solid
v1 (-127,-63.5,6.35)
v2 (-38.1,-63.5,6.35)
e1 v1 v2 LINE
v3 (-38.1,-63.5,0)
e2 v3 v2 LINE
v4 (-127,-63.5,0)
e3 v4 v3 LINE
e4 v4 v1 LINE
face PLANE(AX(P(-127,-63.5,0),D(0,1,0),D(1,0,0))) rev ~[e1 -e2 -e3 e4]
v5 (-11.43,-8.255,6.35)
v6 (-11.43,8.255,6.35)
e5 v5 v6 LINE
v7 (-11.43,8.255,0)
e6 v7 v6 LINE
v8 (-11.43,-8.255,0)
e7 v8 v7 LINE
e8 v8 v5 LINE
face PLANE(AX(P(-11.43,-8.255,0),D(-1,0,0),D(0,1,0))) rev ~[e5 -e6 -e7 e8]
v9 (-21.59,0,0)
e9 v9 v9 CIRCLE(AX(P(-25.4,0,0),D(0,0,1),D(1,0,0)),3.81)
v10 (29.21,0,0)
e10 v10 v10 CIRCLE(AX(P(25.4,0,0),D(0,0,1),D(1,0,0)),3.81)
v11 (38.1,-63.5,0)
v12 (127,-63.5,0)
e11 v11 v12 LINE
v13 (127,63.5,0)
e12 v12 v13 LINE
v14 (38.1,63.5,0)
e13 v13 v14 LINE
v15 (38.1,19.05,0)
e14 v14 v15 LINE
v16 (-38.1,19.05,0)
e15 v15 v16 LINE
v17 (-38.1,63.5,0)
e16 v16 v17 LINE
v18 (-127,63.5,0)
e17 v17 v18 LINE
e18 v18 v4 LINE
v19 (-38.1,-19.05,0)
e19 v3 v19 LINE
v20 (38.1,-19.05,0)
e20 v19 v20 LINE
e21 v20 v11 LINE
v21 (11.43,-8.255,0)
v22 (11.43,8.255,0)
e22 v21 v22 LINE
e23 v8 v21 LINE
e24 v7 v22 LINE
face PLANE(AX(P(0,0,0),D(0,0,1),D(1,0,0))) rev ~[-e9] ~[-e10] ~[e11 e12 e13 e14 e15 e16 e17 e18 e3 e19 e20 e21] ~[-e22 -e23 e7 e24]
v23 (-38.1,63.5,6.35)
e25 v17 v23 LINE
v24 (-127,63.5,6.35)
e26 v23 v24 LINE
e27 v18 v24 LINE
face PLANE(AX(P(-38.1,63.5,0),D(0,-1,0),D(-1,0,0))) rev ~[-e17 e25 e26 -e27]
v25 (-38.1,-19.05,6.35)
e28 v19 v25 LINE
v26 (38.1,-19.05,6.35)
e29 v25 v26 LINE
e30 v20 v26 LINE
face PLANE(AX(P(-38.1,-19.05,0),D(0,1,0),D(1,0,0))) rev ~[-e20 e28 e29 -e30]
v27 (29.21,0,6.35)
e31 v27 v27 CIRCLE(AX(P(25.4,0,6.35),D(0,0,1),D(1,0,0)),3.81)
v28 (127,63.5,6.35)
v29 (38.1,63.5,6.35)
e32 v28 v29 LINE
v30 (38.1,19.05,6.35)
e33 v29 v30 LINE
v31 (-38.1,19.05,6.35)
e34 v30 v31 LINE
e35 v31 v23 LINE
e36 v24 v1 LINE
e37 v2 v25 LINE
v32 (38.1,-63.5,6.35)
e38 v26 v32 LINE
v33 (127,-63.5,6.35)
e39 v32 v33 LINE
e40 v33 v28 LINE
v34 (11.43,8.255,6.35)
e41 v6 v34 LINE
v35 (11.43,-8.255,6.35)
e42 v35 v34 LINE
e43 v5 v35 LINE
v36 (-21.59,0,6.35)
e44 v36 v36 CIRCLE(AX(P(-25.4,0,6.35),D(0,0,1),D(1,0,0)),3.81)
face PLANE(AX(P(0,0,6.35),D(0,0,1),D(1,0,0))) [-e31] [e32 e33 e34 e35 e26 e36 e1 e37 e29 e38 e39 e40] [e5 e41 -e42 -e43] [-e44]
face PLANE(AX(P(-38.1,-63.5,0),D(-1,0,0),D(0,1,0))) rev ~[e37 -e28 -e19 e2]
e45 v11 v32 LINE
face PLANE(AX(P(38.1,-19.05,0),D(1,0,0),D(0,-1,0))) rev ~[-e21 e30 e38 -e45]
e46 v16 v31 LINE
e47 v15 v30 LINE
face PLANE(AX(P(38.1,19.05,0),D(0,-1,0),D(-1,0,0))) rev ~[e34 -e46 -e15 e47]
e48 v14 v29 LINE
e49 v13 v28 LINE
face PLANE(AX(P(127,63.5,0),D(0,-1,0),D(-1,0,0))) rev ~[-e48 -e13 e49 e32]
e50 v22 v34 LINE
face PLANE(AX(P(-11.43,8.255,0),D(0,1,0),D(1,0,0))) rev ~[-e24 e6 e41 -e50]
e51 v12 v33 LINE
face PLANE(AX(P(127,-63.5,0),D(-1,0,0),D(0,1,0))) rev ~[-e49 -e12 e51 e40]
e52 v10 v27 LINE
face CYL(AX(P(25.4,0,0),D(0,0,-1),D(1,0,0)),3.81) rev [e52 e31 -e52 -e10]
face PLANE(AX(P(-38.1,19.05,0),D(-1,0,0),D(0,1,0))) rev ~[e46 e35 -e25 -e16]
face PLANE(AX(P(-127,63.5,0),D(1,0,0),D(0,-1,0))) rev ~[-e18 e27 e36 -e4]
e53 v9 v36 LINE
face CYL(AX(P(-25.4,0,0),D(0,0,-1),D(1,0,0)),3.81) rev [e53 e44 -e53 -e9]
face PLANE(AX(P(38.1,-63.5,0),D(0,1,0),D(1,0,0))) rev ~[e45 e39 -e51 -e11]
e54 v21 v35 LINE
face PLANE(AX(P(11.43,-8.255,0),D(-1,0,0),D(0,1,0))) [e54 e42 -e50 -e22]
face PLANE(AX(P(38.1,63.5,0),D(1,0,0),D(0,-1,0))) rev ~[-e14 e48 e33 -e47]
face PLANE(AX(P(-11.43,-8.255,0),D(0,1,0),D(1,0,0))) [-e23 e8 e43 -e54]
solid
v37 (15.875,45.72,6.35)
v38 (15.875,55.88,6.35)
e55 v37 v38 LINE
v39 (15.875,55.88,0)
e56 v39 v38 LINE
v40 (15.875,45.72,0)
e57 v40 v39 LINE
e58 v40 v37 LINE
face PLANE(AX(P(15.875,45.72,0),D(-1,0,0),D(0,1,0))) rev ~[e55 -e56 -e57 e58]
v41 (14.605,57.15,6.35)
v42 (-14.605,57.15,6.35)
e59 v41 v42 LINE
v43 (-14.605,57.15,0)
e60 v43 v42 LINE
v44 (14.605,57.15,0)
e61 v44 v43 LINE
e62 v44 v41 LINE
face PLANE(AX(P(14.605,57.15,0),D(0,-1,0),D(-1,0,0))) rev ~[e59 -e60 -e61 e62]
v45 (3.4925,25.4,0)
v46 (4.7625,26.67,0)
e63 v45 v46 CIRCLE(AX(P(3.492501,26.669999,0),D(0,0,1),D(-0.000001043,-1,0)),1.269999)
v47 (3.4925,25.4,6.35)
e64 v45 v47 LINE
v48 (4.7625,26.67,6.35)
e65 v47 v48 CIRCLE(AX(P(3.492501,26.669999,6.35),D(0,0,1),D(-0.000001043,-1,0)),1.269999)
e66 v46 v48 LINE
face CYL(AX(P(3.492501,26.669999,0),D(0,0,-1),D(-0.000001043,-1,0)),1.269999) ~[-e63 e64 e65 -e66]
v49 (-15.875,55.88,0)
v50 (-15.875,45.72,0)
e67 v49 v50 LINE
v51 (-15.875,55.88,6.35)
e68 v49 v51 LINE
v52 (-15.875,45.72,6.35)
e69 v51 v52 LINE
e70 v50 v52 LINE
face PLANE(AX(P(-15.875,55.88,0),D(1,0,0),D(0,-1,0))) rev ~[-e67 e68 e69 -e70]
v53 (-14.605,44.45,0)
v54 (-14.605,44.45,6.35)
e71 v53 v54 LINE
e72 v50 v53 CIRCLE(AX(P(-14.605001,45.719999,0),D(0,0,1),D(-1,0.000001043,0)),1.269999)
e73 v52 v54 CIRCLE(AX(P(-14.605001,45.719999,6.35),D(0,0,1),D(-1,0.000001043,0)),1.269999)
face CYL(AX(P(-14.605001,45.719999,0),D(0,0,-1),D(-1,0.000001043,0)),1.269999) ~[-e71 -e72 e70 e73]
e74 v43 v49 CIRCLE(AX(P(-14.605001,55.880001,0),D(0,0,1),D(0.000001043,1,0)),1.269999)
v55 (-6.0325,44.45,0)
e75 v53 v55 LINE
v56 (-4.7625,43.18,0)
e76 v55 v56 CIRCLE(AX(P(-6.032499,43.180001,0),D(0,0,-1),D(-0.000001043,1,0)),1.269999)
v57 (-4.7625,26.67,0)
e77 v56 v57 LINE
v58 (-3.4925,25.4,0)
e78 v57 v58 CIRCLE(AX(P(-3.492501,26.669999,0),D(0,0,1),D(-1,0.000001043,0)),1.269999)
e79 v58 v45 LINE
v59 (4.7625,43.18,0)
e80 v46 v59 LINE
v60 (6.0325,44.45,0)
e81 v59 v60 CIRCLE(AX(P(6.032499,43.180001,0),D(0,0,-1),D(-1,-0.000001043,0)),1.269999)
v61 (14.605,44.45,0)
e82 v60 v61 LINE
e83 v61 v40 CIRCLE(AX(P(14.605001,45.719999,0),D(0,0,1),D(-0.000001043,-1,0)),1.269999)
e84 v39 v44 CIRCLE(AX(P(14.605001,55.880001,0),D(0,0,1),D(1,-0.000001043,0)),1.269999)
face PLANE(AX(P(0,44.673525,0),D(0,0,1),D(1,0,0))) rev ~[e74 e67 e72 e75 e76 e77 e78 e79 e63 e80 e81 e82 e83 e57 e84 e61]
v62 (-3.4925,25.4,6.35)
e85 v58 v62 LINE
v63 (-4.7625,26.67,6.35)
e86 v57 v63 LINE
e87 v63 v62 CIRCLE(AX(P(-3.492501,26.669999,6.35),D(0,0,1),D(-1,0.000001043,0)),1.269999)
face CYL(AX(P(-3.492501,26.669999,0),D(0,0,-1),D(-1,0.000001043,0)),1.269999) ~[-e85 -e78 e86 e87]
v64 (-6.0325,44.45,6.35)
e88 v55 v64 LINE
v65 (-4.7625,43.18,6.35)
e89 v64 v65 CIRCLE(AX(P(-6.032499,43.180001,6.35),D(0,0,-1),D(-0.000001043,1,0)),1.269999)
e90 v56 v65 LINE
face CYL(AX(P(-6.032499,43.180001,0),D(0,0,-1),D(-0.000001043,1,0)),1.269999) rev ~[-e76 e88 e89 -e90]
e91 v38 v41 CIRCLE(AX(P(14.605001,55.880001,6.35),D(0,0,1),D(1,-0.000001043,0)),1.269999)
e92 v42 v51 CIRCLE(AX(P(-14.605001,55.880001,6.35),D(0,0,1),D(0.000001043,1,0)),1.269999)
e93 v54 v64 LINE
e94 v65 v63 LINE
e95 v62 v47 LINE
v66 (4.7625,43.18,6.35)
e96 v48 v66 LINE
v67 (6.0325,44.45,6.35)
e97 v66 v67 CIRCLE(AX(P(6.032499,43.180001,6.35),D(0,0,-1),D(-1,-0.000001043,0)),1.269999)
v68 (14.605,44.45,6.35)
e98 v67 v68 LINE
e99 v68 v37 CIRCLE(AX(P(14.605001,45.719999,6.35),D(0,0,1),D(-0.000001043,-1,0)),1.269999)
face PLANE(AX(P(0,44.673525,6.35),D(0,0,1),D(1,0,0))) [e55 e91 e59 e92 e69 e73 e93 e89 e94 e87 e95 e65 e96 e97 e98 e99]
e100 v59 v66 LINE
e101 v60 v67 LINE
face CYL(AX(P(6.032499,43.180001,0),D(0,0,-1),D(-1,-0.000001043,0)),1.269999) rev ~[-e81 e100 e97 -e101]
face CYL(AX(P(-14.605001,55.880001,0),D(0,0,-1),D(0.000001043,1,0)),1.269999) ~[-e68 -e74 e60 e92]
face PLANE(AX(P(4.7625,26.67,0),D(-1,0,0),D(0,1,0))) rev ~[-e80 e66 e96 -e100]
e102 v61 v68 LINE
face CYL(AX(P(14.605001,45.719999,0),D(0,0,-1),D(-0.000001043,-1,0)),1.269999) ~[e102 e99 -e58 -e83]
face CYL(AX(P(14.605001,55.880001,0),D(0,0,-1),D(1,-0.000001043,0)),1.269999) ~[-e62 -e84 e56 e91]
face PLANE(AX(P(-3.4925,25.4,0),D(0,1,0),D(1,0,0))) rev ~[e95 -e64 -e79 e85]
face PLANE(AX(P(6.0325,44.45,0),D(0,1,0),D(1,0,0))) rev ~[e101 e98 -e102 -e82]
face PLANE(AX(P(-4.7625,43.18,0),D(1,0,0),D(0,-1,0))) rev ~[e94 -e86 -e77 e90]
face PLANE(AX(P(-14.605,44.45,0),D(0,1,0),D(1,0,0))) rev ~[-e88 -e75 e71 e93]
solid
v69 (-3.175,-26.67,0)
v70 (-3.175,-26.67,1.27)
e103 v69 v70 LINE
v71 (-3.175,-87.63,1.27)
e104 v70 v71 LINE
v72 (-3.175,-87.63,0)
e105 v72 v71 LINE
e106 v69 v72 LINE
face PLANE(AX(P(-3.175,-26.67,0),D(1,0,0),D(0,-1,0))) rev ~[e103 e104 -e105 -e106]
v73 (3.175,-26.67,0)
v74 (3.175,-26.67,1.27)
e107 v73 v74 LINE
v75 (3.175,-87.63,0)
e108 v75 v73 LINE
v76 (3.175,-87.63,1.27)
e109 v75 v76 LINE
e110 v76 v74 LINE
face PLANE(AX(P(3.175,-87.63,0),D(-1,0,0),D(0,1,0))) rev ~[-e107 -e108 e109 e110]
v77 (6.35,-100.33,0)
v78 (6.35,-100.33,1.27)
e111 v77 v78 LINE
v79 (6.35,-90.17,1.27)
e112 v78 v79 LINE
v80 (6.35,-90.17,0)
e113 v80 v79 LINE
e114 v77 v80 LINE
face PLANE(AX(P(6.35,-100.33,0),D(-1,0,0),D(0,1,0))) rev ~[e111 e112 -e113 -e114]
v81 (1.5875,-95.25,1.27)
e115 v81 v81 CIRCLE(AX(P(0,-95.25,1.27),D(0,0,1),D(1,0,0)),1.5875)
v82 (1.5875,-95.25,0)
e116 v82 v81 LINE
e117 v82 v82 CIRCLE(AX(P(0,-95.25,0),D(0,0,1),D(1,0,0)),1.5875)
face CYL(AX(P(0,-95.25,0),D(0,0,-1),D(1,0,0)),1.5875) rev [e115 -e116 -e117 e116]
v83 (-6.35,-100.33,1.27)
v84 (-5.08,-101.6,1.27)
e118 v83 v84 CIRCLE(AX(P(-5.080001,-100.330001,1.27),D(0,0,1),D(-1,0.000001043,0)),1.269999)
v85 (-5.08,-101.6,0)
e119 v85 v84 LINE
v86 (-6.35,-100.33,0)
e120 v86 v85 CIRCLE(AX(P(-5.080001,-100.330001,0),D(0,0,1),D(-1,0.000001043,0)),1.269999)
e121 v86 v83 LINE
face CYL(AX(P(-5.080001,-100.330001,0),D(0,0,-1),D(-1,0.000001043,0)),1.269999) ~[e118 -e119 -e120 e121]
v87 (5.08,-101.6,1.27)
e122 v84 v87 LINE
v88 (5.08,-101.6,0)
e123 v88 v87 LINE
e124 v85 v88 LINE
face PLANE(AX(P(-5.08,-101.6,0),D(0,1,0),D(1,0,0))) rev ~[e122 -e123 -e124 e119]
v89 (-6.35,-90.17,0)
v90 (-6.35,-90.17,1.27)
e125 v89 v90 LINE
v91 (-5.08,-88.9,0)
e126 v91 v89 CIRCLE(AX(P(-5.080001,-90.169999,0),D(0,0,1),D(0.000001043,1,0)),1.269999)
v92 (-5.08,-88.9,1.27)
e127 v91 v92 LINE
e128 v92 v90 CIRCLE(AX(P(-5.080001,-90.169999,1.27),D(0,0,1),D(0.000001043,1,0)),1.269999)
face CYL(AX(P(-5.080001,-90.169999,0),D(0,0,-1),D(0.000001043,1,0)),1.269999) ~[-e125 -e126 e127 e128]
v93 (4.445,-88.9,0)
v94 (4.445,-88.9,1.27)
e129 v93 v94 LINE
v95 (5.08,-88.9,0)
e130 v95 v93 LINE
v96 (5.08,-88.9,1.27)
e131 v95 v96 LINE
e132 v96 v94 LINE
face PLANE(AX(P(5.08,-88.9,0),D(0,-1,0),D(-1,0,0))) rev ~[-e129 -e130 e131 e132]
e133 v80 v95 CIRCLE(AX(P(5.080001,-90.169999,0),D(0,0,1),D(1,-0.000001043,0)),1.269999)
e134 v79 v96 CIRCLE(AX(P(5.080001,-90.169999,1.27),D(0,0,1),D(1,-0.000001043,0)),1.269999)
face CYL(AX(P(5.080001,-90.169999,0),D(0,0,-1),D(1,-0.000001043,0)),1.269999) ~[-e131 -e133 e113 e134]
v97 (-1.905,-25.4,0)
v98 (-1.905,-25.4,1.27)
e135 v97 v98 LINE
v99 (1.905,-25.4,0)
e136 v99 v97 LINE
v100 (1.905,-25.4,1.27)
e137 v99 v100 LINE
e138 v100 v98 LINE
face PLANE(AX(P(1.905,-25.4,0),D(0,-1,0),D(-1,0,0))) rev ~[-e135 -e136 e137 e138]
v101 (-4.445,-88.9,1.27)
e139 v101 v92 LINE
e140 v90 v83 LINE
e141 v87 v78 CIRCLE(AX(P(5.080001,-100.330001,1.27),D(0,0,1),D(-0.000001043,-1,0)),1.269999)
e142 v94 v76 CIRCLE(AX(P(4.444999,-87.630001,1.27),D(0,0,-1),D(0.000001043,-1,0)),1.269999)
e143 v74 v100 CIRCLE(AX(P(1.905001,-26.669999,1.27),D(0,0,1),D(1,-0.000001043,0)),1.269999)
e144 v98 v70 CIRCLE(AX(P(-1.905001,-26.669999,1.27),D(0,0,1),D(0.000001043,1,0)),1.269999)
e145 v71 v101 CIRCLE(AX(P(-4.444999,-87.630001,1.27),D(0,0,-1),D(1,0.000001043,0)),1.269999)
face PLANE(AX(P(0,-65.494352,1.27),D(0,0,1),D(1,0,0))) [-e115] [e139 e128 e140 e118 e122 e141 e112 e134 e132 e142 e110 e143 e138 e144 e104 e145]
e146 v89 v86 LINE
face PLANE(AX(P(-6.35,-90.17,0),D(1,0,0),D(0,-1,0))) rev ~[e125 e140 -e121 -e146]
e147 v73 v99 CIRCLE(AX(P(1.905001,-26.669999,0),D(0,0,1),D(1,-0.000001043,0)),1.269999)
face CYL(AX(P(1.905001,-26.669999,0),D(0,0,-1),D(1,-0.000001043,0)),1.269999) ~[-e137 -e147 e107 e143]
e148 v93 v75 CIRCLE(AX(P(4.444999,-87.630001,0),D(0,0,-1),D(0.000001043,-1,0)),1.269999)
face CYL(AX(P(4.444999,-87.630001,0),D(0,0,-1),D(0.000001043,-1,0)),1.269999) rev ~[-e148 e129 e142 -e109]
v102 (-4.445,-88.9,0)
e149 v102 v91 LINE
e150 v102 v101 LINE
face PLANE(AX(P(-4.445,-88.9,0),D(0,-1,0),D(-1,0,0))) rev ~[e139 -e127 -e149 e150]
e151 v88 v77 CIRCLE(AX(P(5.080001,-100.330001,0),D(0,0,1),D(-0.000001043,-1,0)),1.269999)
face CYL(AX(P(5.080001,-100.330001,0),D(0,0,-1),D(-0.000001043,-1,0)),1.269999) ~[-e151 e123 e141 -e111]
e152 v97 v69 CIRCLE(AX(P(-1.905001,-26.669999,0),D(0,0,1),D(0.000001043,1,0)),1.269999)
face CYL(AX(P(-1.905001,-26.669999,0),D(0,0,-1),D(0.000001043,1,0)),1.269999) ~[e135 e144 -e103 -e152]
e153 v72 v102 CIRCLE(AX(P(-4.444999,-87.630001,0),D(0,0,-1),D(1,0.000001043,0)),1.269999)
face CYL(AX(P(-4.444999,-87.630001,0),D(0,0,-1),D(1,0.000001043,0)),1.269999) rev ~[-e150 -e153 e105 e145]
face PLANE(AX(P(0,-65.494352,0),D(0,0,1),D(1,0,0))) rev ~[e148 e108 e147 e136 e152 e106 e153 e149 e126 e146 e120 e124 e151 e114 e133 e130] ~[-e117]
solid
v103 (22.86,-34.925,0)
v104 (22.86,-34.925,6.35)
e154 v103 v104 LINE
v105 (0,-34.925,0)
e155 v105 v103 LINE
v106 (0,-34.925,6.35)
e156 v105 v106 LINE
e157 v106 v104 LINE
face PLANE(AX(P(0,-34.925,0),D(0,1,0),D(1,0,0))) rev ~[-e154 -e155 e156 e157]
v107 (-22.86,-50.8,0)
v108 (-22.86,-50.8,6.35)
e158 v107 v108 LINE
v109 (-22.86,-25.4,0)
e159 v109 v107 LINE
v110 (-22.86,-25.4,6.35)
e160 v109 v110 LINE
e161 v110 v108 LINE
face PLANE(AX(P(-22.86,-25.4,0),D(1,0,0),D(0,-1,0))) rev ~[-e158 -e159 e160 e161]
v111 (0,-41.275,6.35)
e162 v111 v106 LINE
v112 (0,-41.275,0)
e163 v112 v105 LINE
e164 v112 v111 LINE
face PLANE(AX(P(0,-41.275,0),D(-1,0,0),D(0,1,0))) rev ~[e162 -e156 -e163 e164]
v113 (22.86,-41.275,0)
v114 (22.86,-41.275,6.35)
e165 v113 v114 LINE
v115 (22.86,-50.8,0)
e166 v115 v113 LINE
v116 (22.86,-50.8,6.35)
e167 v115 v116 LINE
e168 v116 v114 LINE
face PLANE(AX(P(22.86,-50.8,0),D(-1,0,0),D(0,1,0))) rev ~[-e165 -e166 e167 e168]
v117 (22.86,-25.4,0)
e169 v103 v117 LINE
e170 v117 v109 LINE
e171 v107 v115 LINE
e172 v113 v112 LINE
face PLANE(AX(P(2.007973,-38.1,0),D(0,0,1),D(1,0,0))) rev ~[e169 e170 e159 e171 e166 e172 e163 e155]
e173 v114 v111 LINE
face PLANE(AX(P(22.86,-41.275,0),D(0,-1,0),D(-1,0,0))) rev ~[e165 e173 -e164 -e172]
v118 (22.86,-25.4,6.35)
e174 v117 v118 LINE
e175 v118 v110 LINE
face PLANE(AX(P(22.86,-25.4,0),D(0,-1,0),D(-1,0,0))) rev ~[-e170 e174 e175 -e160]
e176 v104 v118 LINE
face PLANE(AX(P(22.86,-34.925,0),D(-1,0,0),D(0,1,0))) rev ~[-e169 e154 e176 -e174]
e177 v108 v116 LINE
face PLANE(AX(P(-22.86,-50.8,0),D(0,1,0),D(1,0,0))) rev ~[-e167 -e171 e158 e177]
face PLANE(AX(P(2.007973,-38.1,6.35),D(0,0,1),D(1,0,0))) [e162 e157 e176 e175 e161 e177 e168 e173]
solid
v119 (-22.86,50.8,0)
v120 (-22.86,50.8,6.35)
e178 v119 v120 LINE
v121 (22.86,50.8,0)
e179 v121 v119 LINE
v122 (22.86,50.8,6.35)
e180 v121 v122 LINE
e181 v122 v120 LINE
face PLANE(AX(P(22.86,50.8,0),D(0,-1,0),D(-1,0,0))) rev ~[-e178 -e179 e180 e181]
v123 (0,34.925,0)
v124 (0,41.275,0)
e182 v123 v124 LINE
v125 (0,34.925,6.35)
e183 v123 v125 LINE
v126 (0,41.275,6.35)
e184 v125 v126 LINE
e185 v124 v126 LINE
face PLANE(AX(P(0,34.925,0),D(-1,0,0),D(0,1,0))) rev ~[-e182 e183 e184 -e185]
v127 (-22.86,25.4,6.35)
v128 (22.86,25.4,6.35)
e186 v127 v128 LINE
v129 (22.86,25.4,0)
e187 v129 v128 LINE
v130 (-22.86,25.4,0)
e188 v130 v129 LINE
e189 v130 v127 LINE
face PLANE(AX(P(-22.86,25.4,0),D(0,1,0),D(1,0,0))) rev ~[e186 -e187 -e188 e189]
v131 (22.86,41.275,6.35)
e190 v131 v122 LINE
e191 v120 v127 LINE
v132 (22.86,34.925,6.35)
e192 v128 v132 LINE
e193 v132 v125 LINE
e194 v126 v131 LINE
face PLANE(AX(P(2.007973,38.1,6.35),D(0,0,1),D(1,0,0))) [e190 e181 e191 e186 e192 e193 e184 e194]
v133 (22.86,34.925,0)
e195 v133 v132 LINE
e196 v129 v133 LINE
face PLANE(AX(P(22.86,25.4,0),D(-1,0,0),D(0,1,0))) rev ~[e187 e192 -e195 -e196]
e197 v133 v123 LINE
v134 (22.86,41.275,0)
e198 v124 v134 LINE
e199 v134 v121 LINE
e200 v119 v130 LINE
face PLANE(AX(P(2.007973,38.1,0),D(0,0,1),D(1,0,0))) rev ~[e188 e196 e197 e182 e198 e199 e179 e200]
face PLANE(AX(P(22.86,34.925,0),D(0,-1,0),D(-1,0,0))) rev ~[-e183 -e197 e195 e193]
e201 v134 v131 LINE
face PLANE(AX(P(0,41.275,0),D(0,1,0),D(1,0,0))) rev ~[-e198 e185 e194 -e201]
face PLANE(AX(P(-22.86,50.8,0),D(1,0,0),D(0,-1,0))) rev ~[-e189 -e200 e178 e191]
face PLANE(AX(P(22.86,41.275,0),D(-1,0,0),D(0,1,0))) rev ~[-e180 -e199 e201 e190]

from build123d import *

# Parameters (mm, degrees)
F0_R     = 3.81
F0_W     = 22.86
F0_H     = 16.51
F1_DEPTH = 6.35
F3_DEPTH = 6.35
F2_R     = 1.5875
F4_DEPTH = 1.27


with BuildPart() as f1:
    # F0 (on Top) → F1 (new body)
    with BuildSketch(Plane.XY):
        Polygon((127, -63.5), (127, 63.5), (38.1, 63.5), (38.1, 57.15), (38.1, 19.05), (-38.1, 19.05), (-38.1, 57.15), (-38.1, 63.5), (-127, 63.5), (-127, -63.5), (-38.1, -63.5), (-38.1, -57.15), (-38.1, -19.05), (38.1, -19.05), (38.1, -57.15), (38.1, -63.5), align=None)
        with Locations((-25.4, 0)):
            Circle(F0_R, mode=Mode.SUBTRACT)
        Rectangle(F0_W, F0_H, mode=Mode.SUBTRACT)
        with Locations((25.4, 0)):
            Circle(F0_R, mode=Mode.SUBTRACT)
        Polygon((22.86, -34.925), (22.86, -25.4), (-22.86, -25.4), (-22.86, -50.8), (22.86, -50.8), (22.86, -41.275), (0, -41.275), (0, -34.925), align=None)
        Polygon((22.86, 34.925), (0, 34.925), (0, 41.275), (22.86, 41.275), (22.86, 50.8), (-22.86, 50.8), (-22.86, 25.4), (22.86, 25.4), align=None)
    extrude(amount=F1_DEPTH)


with BuildPart() as f3:
    # F2 (on Top) → F3 (new body)
    with BuildSketch(Plane.XY):
        with BuildLine():
            Line((6.0325, 44.45), (14.605, 44.45))
            ThreePointArc((14.605, 44.45), (15.503026, 44.821974), (15.875, 45.72))
            Line((15.875, 45.72), (15.875, 55.88))
            ThreePointArc((15.875, 55.88), (15.503026, 56.778026), (14.605, 57.15))
            Line((14.605, 57.15), (-14.605, 57.15))
            ThreePointArc((-14.605, 57.15), (-15.503026, 56.778026), (-15.875, 55.88))
            Line((-15.875, 55.88), (-15.875, 45.72))
            ThreePointArc((-15.875, 45.72), (-15.503026, 44.821974), (-14.605, 44.45))
            Line((-14.605, 44.45), (-6.0325, 44.45))
            ThreePointArc((-6.0325, 44.45), (-5.134474, 44.078026), (-4.7625, 43.18))
            Line((-4.7625, 43.18), (-4.7625, 26.67))
            ThreePointArc((-4.7625, 26.67), (-4.390526, 25.771974), (-3.4925, 25.4))
            Line((-3.4925, 25.4), (3.4925, 25.4))
            ThreePointArc((3.4925, 25.4), (4.390526, 25.771974), (4.7625, 26.67))
            Line((4.7625, 26.67), (4.7625, 43.18))
            ThreePointArc((4.7625, 43.18), (5.134474, 44.078026), (6.0325, 44.45))
        make_face()
    extrude(amount=F3_DEPTH)


with BuildPart() as f4:
    # F2 (on Top) → F4 (new body)
    with BuildSketch(Plane.XY):
        with BuildLine():
            ThreePointArc((3.175, -26.67), (2.803026, -25.771974), (1.905, -25.4))
            Line((1.905, -25.4), (-1.905, -25.4))
            ThreePointArc((-1.905, -25.4), (-2.803026, -25.771974), (-3.175, -26.67))
            Line((-3.175, -26.67), (-3.175, -87.63))
            ThreePointArc((-3.175, -87.63), (-3.546974, -88.528026), (-4.445, -88.9))
            Line((-4.445, -88.9), (-5.08, -88.9))
            ThreePointArc((-5.08, -88.9), (-5.978026, -89.271974), (-6.35, -90.17))
            Line((-6.35, -90.17), (-6.35, -100.33))
            ThreePointArc((-6.35, -100.33), (-5.978026, -101.228026), (-5.08, -101.6))
            Line((-5.08, -101.6), (5.08, -101.6))
            ThreePointArc((5.08, -101.6), (5.978026, -101.228026), (6.35, -100.33))
            Line((6.35, -100.33), (6.35, -90.17))
            ThreePointArc((6.35, -90.17), (5.978026, -89.271974), (5.08, -88.9))
            Line((5.08, -88.9), (4.445, -88.9))
            ThreePointArc((4.445, -88.9), (3.546974, -88.528026), (3.175, -87.63))
            Line((3.175, -87.63), (3.175, -26.67))
        make_face()
        with Locations((0, -95.25)):
            Circle(F2_R, mode=Mode.SUBTRACT)
    extrude(amount=F4_DEPTH)


solid = Compound([f1.part, f3.part, f4.part])
